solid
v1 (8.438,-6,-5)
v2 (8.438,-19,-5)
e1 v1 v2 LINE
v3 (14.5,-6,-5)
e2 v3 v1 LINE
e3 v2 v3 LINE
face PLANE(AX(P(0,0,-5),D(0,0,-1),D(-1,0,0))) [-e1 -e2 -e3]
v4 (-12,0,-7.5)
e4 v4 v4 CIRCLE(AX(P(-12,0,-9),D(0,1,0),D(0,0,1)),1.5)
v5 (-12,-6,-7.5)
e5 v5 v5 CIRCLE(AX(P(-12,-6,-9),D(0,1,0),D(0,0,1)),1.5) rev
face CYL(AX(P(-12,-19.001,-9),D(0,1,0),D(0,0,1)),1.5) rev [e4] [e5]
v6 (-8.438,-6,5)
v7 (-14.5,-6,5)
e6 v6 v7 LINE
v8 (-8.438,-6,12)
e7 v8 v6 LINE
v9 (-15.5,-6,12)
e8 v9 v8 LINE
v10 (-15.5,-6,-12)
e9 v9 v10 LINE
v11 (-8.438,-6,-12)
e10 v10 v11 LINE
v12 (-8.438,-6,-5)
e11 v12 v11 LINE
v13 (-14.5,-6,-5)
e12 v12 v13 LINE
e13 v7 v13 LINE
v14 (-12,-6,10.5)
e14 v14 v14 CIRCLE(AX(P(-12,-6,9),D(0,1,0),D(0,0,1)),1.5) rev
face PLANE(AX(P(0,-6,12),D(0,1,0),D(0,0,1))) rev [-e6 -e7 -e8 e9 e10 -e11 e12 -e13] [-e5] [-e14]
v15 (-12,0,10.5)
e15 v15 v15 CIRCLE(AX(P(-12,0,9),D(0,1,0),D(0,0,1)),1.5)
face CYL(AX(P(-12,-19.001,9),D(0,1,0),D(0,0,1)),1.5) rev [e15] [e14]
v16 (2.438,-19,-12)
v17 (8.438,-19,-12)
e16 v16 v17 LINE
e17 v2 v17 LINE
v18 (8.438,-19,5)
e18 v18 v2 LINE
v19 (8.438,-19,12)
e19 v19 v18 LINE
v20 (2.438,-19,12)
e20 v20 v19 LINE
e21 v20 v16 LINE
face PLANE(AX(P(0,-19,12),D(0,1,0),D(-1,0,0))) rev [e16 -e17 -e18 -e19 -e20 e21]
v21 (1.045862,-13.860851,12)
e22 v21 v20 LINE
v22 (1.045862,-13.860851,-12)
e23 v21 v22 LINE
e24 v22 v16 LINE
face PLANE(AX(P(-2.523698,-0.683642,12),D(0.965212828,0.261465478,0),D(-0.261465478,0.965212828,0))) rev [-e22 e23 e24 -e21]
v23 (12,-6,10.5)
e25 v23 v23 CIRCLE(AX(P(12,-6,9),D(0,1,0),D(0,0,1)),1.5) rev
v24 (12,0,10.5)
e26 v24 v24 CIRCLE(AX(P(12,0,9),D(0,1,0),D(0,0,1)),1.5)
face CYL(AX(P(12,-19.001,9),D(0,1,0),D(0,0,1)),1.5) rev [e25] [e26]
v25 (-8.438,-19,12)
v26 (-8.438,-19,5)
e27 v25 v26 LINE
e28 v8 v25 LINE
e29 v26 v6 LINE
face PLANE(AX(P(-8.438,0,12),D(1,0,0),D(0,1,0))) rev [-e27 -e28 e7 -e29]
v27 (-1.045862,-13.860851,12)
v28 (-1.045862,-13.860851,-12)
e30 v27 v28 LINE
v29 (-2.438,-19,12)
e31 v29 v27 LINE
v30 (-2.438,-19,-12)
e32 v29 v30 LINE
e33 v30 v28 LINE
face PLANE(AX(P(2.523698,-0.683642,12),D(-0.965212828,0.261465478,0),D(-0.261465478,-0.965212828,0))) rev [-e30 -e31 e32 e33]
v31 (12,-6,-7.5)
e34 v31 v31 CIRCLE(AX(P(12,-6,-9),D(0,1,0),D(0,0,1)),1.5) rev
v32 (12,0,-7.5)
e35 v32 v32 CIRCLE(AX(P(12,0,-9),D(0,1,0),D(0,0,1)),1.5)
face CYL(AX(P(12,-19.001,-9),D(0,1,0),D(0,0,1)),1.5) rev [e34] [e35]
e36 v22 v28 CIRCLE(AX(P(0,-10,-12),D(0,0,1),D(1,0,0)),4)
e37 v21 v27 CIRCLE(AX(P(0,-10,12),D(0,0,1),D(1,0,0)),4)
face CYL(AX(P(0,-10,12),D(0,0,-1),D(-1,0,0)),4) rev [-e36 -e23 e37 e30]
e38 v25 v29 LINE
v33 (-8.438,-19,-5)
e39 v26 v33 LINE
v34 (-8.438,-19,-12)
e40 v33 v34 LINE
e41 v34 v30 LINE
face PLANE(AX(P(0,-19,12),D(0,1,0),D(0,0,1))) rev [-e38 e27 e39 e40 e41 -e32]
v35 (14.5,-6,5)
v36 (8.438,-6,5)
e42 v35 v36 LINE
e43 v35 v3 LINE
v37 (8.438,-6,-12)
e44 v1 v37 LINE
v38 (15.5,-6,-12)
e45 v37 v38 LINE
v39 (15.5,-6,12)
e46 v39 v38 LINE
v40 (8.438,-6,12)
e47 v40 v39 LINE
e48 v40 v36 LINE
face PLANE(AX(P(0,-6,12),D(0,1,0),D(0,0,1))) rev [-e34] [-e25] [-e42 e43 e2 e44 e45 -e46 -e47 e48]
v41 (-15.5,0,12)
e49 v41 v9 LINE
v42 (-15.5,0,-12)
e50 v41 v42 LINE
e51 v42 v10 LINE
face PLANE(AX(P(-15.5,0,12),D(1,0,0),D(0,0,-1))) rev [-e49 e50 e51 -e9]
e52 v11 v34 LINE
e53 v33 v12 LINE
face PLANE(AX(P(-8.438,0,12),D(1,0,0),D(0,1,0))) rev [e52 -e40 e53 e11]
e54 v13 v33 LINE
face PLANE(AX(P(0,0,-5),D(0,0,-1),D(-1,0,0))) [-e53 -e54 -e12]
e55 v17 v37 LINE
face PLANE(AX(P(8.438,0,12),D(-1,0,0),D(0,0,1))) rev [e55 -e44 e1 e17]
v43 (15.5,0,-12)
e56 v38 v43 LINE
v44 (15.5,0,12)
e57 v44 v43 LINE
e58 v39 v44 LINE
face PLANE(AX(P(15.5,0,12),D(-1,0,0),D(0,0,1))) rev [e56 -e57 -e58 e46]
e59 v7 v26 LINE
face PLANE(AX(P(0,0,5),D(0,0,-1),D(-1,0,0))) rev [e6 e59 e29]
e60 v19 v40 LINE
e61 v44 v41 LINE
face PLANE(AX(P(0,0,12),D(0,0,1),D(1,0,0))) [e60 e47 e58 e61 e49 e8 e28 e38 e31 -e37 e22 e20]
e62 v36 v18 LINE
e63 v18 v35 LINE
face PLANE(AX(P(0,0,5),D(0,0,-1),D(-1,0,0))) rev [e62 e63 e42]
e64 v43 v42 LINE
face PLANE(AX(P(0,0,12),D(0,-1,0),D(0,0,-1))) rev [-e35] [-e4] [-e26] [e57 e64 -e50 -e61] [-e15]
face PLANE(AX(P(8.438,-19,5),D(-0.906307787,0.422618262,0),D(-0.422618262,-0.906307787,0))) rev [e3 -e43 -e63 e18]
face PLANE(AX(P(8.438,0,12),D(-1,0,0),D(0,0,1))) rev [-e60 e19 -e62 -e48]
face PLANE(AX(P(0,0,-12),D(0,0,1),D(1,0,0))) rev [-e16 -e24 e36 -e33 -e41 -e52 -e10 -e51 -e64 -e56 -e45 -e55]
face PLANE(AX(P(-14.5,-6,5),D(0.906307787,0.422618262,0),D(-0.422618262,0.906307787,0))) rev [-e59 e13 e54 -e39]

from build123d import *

# Parameters (mm, degrees)
SALIENTE_EXTRUIR2_DEPTH = 12
SALIENTE_EXTRUIR3_DEPTH = 5
CORTAR_EXTRUIR1_REACH   = 21
CROQUIS4_R              = 1.5


with BuildPart() as part:
    # Croquis2 → Saliente-Extruir2 (new body, symmetric)
    with BuildSketch(Plane.XY):
        with BuildLine():
            Line((8.438000444, -19), (8.438000444, -6))
            Line((8.438000444, -6), (14.5, -6))
            Line((14.5, -6), (15.5, -6))
            Line((15.5, -6), (15.5, 0))
            Line((15.5, 0), (-15.5, 0))
            Line((-15.5, 0), (-15.5, -6))
            Line((-15.5, -6), (-14.5, -6))
            Line((-14.5, -6), (-8.438000444, -6))
            Line((-8.438000444, -6), (-8.438000444, -19))
            Line((-8.438000444, -19), (-2.438000444, -19))
            Line((-2.438000444, -19), (-1.045861913, -13.860851313))
            ThreePointArc((-1.045861913, -13.860851313), (-2.430694587, -6.823252634), (4, -10))
            ThreePointArc((4, -10), (3.176747366, -12.430694587), (1.045861913, -13.860851313))
            Line((1.045861913, -13.860851313), (2.438000444, -19))
            Line((2.438000444, -19), (8.438000444, -19))
        make_face()
    extrude(amount=SALIENTE_EXTRUIR2_DEPTH, both=True)

    # Croquis3 → Saliente-Extruir3 (add, symmetric)
    with BuildSketch(Plane.XY):
        Polygon((8.438000444, -6), (14.5, -6), (8.438000444, -19), align=None)
        Polygon((-8.438000444, -6), (-8.438000444, -19), (-14.5, -6), align=None)
    extrude(amount=SALIENTE_EXTRUIR3_DEPTH, both=True)

    # Croquis4 → Cortar-Extruir1 (cut, up to next)
    with BuildSketch(Plane(origin=(0, 0, 0), x_dir=(1, 0, 0), z_dir=(0, 1, 0)), mode=Mode.PRIVATE) as cortar_extruir1_sk1:
        with Locations((-12, 9)):
            Circle(CROQUIS4_R)
    cortar_extruir1_tool1 = extrude(cortar_extruir1_sk1.sketch, amount=-CORTAR_EXTRUIR1_REACH, mode=Mode.PRIVATE) & part.part
    add(cortar_extruir1_tool1.solids().sort_by_distance((-12, 0, -9))[0], mode=Mode.SUBTRACT)
    # Croquis4 → Cortar-Extruir1 (cut, up to next)
    with BuildSketch(Plane(origin=(0, 0, 0), x_dir=(1, 0, 0), z_dir=(0, 1, 0)), mode=Mode.PRIVATE) as cortar_extruir1_sk2:
        with Locations((12, 9)):
            Circle(CROQUIS4_R)
    cortar_extruir1_tool2 = extrude(cortar_extruir1_sk2.sketch, amount=-CORTAR_EXTRUIR1_REACH, mode=Mode.PRIVATE) & part.part
    add(cortar_extruir1_tool2.solids().sort_by_distance((12, 0, -9))[0], mode=Mode.SUBTRACT)
    # Croquis4 → Cortar-Extruir1 (cut, up to next)
    with BuildSketch(Plane(origin=(0, 0, 0), x_dir=(1, 0, 0), z_dir=(0, 1, 0)), mode=Mode.PRIVATE) as cortar_extruir1_sk3:
        with Locations((12, -9)):
            Circle(CROQUIS4_R)
    cortar_extruir1_tool3 = extrude(cortar_extruir1_sk3.sketch, amount=-CORTAR_EXTRUIR1_REACH, mode=Mode.PRIVATE) & part.part
    add(cortar_extruir1_tool3.solids().sort_by_distance((12, 0, 9))[0], mode=Mode.SUBTRACT)
    # Croquis4 → Cortar-Extruir1 (cut, up to next)
    with BuildSketch(Plane(origin=(0, 0, 0), x_dir=(1, 0, 0), z_dir=(0, 1, 0)), mode=Mode.PRIVATE) as cortar_extruir1_sk4:
        with Locations((-12, -9)):
            Circle(CROQUIS4_R)
    cortar_extruir1_tool4 = extrude(cortar_extruir1_sk4.sketch, amount=-CORTAR_EXTRUIR1_REACH, mode=Mode.PRIVATE) & part.part
    add(cortar_extruir1_tool4.solids().sort_by_distance((-12, 0, 9))[0], mode=Mode.SUBTRACT)


solid = part.part
